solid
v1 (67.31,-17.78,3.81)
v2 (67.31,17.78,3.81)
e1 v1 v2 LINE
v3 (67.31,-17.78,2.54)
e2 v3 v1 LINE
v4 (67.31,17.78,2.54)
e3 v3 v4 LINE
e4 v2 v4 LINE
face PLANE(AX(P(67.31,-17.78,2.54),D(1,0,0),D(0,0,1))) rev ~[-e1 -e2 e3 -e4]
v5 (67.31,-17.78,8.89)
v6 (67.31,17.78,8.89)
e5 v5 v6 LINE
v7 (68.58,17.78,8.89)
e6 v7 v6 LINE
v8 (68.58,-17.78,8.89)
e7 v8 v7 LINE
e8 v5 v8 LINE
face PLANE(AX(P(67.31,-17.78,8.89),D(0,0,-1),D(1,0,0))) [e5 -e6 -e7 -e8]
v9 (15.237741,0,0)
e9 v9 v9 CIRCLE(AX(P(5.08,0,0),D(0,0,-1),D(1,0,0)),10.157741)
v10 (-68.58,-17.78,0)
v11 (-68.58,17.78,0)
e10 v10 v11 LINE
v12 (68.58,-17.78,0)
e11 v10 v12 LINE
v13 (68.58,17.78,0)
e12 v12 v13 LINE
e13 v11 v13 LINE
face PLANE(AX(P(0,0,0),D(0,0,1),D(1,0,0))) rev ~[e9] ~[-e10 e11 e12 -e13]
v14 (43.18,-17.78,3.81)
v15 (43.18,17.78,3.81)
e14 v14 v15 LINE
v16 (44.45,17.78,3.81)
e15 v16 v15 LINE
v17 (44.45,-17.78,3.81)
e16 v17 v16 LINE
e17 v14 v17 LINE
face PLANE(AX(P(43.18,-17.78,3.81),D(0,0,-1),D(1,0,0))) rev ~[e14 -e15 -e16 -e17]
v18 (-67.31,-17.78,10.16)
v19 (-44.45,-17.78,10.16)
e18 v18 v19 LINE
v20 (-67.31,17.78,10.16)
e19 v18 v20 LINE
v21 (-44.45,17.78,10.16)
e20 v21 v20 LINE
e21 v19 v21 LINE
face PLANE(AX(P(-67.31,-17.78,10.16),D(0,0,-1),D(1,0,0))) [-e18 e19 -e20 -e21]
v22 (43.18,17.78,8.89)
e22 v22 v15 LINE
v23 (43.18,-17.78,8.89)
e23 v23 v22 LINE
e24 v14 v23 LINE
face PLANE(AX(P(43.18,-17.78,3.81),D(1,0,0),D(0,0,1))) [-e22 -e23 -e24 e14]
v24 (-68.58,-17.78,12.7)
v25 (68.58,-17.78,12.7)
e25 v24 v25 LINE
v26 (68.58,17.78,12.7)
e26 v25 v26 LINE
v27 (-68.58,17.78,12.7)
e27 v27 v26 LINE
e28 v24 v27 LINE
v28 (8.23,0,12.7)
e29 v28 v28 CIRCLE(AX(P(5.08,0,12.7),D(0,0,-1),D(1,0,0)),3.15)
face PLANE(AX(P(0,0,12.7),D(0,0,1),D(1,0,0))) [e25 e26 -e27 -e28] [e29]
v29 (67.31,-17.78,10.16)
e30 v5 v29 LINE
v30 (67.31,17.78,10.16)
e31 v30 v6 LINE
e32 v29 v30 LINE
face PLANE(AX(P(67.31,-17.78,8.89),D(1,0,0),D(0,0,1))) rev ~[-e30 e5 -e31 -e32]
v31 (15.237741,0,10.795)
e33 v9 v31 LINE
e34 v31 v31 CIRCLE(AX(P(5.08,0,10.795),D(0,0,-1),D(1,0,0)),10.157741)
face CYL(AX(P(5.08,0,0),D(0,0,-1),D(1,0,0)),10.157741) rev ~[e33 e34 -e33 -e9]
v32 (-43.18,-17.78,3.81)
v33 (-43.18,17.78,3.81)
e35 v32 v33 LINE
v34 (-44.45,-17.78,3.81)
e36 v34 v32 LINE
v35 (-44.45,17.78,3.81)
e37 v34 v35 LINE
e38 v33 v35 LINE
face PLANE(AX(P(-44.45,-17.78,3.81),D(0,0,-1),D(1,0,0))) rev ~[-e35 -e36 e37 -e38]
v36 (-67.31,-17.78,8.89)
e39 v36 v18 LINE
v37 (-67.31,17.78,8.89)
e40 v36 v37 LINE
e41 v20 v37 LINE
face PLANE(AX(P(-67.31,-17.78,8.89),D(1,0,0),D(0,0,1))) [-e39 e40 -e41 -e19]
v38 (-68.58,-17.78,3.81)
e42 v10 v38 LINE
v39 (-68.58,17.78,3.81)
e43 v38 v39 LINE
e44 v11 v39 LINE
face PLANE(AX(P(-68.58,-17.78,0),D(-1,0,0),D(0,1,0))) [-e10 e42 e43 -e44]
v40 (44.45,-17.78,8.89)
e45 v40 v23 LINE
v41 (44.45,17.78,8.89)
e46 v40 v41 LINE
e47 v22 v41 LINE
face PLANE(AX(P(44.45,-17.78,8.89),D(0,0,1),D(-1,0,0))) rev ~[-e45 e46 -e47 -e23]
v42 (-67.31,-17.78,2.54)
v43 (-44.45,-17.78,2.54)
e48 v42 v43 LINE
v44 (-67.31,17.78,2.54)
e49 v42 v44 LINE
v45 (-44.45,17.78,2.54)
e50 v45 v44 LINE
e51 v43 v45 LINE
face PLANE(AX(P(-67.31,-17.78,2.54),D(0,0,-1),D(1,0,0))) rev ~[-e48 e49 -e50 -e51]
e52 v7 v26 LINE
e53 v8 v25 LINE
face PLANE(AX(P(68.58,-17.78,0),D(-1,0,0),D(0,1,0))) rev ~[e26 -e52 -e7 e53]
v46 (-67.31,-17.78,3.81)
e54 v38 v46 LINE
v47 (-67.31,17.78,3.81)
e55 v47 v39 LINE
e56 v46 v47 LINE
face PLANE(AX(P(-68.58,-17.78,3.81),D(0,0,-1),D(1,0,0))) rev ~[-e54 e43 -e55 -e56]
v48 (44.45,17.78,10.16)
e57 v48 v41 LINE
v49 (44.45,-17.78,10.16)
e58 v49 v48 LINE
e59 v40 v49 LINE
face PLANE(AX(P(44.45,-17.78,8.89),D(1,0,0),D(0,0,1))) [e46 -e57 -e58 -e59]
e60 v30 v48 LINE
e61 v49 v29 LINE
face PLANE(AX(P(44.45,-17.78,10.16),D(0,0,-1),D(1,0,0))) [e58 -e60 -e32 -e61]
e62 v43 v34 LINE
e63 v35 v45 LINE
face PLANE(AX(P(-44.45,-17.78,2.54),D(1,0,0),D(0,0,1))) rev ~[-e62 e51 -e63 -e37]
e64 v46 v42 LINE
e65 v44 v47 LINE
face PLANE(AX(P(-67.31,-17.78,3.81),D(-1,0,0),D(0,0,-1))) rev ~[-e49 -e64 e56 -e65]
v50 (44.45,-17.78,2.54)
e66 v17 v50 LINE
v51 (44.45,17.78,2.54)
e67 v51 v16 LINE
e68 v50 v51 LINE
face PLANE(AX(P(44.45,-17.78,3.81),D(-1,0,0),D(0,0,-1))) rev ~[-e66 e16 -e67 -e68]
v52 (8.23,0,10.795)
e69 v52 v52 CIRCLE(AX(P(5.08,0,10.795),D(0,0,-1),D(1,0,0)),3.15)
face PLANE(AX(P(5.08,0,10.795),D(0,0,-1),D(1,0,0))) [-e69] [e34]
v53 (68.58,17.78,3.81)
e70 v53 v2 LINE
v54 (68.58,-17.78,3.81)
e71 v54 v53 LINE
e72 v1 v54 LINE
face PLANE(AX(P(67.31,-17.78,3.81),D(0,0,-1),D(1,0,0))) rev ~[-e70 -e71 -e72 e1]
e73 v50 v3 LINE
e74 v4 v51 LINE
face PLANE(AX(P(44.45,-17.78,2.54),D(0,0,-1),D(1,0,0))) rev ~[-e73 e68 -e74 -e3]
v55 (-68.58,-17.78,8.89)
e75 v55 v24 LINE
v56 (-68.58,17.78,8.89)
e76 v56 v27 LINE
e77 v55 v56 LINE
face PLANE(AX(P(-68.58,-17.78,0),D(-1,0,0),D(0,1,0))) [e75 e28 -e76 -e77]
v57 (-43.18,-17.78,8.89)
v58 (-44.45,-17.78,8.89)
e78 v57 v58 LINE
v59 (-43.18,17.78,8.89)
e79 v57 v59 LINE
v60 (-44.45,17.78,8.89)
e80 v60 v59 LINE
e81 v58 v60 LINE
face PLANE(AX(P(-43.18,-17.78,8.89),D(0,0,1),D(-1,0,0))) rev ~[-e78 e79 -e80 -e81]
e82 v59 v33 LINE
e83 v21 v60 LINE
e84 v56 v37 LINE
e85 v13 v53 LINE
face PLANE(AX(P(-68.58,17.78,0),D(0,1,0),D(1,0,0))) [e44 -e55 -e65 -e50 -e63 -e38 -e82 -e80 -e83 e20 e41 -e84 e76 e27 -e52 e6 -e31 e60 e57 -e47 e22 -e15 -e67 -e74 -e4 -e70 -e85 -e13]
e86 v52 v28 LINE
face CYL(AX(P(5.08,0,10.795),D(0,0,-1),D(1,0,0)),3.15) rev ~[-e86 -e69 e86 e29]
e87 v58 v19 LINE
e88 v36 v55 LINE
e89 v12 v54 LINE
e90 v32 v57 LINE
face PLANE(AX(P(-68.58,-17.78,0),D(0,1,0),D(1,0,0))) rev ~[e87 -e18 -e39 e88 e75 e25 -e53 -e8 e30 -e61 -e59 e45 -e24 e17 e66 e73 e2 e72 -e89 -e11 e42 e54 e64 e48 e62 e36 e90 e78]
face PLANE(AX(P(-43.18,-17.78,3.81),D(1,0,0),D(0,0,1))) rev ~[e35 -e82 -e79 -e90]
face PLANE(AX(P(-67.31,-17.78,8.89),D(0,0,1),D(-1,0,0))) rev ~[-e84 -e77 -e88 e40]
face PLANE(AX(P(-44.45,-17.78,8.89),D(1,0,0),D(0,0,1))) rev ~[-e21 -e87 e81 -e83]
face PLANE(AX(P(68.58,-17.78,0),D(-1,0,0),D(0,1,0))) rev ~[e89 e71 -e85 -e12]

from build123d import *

# Parameters (mm, degrees)
F0_W     = 137.16
F0_H     = 35.56
F1_DEPTH = 12.7
F2_R     = 10.1577407599
F3_DEPTH = 10.795
F4_R     = 3.15
F5_DEPTH = 1.905
F6_W     = 22.86
F6_H     = 1.27
F6_H_2   = 5.08
F6_W_2   = 1.27
F7_DEPTH = 50.8


with BuildPart() as f1:
    # F0 (on Top) → F1 (new body)
    with BuildSketch(Plane.XY):
        Rectangle(F0_W, F0_H)
    extrude(amount=F1_DEPTH)

    # F2 (on face) → F3 (cut)
    with BuildSketch(Plane(origin=(0, 0, 0), x_dir=(1, 0, 0), z_dir=(0, 0, -1))):
        with Locations((5.08, 0)):
            Circle(F2_R)
    extrude(amount=-F3_DEPTH, mode=Mode.SUBTRACT)

    # F4 (on face) → F5 (cut)
    with BuildSketch(Plane(origin=(0, 0, 10.795), x_dir=(1, 0, 0), z_dir=(0, 0, -1))):
        with Locations((5.08, 0)):
            Circle(F4_R)
    extrude(amount=-F5_DEPTH, mode=Mode.SUBTRACT)

    # F6 (on face) → F7 (cut)
    with BuildSketch(Plane.XZ.offset(17.78)):
        with Locations((55.88, 3.175)):
            Rectangle(F6_W, F6_H)
        with Locations((55.88, 6.35)):
            Rectangle(F6_W, F6_H_2)
        with Locations((43.815, 6.35)):
            Rectangle(F6_W_2, F6_H_2)
        with Locations((55.88, 9.525)):
            Rectangle(F6_W, F6_H)
        with Locations((67.945, 6.35)):
            Rectangle(F6_W_2, F6_H_2)
        with Locations((-55.88, 3.175)):
            Rectangle(F6_W, F6_H)
        with Locations((-55.88, 6.35)):
            Rectangle(F6_W, F6_H_2)
        with Locations((-67.945, 6.35)):
            Rectangle(F6_W_2, F6_H_2)
        with Locations((-43.815, 6.35)):
            Rectangle(F6_W_2, F6_H_2)
        with Locations((-55.88, 9.525)):
            Rectangle(F6_W, F6_H)
    extrude(amount=-F7_DEPTH, mode=Mode.SUBTRACT)


solid = f1.part
